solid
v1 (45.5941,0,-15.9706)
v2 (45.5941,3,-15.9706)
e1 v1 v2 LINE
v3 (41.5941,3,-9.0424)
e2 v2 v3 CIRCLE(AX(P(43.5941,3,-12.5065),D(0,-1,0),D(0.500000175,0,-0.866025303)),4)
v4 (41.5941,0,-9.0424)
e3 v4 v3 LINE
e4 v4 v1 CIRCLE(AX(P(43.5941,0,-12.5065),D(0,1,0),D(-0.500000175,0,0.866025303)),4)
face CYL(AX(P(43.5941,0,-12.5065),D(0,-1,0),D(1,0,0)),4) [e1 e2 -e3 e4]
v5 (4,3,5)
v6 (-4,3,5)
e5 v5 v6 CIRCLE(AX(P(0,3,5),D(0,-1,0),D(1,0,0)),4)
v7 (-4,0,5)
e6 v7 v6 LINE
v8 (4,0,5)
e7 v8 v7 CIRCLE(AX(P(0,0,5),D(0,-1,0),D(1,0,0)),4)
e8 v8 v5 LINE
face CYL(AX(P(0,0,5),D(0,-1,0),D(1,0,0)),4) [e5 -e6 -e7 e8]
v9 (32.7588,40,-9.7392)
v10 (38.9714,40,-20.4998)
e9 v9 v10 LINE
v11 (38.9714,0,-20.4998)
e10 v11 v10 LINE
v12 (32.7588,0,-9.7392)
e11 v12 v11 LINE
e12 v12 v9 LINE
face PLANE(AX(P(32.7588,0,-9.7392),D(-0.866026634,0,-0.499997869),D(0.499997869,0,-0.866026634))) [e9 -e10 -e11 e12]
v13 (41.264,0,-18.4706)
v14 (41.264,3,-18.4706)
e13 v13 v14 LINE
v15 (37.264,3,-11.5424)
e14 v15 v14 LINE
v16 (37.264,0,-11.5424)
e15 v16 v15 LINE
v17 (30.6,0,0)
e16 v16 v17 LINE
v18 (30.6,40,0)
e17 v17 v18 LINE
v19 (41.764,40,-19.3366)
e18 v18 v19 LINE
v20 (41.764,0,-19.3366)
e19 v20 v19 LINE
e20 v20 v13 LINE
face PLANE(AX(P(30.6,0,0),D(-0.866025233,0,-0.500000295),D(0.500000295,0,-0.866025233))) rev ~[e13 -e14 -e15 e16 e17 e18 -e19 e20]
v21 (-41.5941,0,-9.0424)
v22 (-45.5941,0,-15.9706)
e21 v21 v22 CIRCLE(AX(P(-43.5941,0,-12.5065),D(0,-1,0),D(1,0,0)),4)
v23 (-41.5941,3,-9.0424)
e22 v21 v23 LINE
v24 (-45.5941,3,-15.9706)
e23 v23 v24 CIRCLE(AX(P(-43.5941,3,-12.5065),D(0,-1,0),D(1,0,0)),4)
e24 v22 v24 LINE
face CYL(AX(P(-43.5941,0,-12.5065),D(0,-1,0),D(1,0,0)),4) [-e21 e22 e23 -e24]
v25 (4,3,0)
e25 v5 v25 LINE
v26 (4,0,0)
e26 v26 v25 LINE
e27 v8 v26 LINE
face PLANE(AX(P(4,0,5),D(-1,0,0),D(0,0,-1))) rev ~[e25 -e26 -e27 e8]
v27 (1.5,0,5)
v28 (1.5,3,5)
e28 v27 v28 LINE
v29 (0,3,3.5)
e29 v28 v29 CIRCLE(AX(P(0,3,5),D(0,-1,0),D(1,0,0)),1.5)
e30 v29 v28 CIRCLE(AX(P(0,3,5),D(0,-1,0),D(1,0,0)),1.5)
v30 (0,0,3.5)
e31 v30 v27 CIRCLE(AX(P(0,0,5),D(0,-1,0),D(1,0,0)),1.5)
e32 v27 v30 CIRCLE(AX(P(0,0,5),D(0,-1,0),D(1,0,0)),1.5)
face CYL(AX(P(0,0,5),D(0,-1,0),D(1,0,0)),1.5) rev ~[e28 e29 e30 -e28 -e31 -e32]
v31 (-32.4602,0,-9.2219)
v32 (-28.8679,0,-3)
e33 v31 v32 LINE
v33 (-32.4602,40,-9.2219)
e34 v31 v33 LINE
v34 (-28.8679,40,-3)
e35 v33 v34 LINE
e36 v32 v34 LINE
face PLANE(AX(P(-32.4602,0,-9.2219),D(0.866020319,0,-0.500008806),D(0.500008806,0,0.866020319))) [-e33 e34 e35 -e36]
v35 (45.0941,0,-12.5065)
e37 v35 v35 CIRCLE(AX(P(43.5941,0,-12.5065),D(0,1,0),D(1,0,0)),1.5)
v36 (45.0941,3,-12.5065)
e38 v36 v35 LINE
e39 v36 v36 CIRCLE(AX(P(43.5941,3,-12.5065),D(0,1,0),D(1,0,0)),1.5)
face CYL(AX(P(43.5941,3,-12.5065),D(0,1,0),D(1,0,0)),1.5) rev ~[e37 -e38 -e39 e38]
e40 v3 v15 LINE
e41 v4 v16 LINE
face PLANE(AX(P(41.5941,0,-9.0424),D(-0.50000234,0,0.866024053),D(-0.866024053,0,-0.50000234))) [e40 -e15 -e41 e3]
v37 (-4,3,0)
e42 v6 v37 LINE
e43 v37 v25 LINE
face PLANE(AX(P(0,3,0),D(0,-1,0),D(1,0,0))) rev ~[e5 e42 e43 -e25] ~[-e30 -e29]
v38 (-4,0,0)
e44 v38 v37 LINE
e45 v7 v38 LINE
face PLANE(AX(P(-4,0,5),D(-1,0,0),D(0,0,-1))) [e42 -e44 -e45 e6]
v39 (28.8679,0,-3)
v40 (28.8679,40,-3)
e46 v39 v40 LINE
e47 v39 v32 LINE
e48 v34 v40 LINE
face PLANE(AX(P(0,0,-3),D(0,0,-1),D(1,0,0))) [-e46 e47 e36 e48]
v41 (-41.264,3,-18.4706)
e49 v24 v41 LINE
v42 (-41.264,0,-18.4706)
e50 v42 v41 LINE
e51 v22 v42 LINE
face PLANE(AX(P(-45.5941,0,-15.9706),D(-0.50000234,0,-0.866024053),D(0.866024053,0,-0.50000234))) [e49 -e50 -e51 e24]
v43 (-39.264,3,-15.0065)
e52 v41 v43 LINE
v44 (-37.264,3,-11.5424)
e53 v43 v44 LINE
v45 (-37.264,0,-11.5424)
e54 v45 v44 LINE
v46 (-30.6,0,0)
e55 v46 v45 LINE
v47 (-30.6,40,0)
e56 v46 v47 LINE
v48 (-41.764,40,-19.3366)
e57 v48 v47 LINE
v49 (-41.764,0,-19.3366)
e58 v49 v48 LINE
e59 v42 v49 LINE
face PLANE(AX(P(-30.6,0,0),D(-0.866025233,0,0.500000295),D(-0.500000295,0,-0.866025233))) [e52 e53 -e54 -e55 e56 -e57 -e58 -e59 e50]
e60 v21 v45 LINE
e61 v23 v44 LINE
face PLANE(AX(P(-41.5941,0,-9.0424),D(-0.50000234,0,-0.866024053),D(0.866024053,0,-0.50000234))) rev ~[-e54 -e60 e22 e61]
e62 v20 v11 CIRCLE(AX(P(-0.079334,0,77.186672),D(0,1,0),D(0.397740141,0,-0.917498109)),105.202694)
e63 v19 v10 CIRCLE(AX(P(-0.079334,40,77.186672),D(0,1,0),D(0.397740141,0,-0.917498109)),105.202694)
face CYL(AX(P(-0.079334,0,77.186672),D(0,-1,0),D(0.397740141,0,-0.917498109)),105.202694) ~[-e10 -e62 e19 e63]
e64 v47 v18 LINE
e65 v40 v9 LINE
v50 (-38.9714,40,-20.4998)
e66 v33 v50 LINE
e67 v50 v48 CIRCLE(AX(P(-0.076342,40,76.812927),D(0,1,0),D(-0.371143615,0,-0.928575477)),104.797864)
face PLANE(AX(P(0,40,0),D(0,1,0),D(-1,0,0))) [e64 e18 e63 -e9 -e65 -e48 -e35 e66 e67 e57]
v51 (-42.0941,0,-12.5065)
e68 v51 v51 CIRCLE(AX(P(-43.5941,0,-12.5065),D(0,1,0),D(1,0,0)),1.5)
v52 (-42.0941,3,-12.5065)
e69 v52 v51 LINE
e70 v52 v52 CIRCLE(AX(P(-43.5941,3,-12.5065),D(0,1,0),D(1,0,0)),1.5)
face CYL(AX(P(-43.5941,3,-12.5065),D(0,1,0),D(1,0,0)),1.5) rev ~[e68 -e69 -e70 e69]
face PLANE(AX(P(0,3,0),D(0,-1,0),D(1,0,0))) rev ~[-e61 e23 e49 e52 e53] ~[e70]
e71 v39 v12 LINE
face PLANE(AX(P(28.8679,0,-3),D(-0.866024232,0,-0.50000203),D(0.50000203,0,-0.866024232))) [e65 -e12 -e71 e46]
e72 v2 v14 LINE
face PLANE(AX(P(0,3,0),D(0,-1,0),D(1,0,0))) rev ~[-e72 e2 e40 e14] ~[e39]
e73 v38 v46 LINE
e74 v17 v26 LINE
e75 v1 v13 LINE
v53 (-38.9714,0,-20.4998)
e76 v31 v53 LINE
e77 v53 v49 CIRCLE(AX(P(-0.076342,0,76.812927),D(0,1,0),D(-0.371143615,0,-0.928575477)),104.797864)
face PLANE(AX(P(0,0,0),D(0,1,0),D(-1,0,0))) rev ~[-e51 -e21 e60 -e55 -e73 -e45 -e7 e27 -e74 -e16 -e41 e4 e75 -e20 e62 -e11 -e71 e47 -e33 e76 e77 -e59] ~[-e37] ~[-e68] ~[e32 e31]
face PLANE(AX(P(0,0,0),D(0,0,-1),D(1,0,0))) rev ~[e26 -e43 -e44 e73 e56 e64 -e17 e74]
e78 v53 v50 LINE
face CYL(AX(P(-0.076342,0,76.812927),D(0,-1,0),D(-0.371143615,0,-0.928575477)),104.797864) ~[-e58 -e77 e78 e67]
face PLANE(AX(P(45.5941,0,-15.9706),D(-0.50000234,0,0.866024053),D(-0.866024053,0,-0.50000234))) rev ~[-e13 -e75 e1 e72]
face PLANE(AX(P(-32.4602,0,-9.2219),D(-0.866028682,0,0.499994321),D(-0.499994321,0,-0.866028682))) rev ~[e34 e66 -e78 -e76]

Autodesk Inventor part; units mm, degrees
ref_plane "YZ Plane" through (0, 0, 0) normal (1, 0, 0) x (0, 1, 0)
ref_plane "XZ Plane" through (0, 0, 0) normal (0, 1, 0) x (-1, 0, 0)
ref_plane "XY Plane" through (0, 0, 0) normal (0, 0, 1) x (1, 0, 0)
sketch "Sketch1" plane through (0, 0, 0) normal (0, 1, 0) x (-1, 0, 0)
  line L0 (0, 0) -> (-30.6, 0)
  line L1 (0, 0) -> (30.6, 0)
  line L2 (30.6, 0) -> (41.764, -19.3366)
  line L3 (30.6, 0) -> (52.928, 0) construction
  line L4 (-30.6, 0) -> (-41.764, -19.3366)
  line L5 (-30.6, 0) -> (-8.272, 0) construction
  line L6 (0, 0) -> (0, 77)
  line L7 (0, 0) -> (0, -3)
  line L8 (-35.3569, -8.2392) -> (-32.7588, -9.7392)
  line L9 (35.0582, -7.7219) -> (32.4602, -9.2219)
  line L10 (32.4602, -9.2219) -> (28.8679, -3)
  line L11 (28.8679, -3) -> (0, -3)
  line L12 (0, -3) -> (-28.8679, -3)
  line L13 (-28.8679, -3) -> (-32.7588, -9.7392)
  line L14 (-32.7588, -9.7392) -> (-38.9714, -20.4998)
  line L15 (32.4602, -9.2219) -> (38.9714, -20.4998)
  arc A0 (38.9714, -20.4998) -> (41.764, -19.3366) centre (0, 77) ccw
  arc A1 (-41.764, -19.3366) -> (-38.9714, -20.4998) centre (0, 77) ccw
  dimension "d0" = 30.6
  dimension "d1" = 30.6
  dimension "d2" = 22.328
  dimension "d3" = 60
  dimension "d4" = 22.328
  dimension "d5" = 120
  dimension "d6" = 77
  dimension "d7" = 3
  dimension "d8" = 3
  dimension "d9" = 3
extrude "Extrusion1" add sketch "Sketch1" along normal blind 40
sketch "Sketch2" plane through (0, 0, 0) normal (0, -1, 0) x (1, 0, 0)
  line L0 (0, 0) -> (0, 5)
  circle A0 centre (0, 5) radius 1.5
  line L1 (-41.764, -19.3366) -> (-39.264, -15.0065)
  line L2 (-41.764, -19.3366) -> (-30.6, 0) projected
  line L3 (-39.264, -15.0065) -> (-43.5941, -12.5065)
  arc A1 (38.9714, -20.4998) -> (41.764, -19.3366) centre (0, 77) ccw projected
  line L4 (38.9714, -20.4998) -> (39.264, -15.0065)
  line L5 (30.6, 0) -> (41.764, -19.3366) projected
  line L6 (41.764, -19.3366) -> (39.264, -15.0065)
  line L7 (39.264, -15.0065) -> (43.5941, -12.5065)
  circle A2 centre (43.5941, -12.5065) radius 1.5
  circle A3 centre (-43.5941, -12.5065) radius 1.5
  circle A4 centre (-43.5941, -12.5065) radius 4
  circle A5 centre (0, 5) radius 4
  circle A6 centre (43.5941, -12.5065) radius 4
  line L8 (43.5941, -12.5065) -> (45.5941, -15.9706)
  line L9 (45.5941, -15.9706) -> (41.264, -18.4706)
  line L10 (43.5941, -12.5065) -> (41.5941, -9.0424)
  line L11 (41.5941, -9.0424) -> (37.264, -11.5424)
  line L12 (4, 5) -> (4, 0)
  line L13 (-30.6, 0) -> (30.6, 0) projected
  line L14 (-4, 5) -> (-4, 0)
  line L15 (-43.5941, -12.5065) -> (-45.5941, -15.9706)
  line L16 (-45.5941, -15.9706) -> (-41.264, -18.4706)
  line L17 (-41.764, -19.3366) -> (-30.6, 0) projected
  line L18 (-43.5941, -12.5065) -> (-41.5941, -9.0424)
  line L19 (-41.5941, -9.0424) -> (-37.264, -11.5424)
  dimension "d12" = 5
  dimension "d13" = 3
  dimension "d14" = 5
  dimension "d15" = 5
  dimension "d16" = 5.5011
  dimension "d17" = 5
  dimension "d18" = 3
  dimension "d19" = 8
  dimension "d20" = 8
  dimension "d21" = 8
extrude "Extrusion2" add sketch "Sketch2" against normal blind 3 contours L13 L14 A5 L0 | L2 L3 A4 L19 | L11 A6 L7 L5 | L0 A5 L12 L13 | A5 | L1 L16 A4 L3 | L18 A3 L15 A4 | A4 L3 A3 L18 | L7 A6 L9 L5 | L10 A2 L7 A6 | A6 L8 A2 L10 | A4 L15 A3 L3 | L18 L15 A3 | A3 L3 L18 | L7 A2 L8 A6 | L10 L7 A2 | A2 L8 L10 | A3 L15 L3 | L7 L8 A2
sketch "Sketch3" plane through (0, 3, 0) normal (0, 1, 0) x (1, 0, 0)
  arc A0 (41.5941, 9.0424) -> (45.5941, 15.9706) centre (43.5941, 12.5065) ccw projected
  circle A1 centre (43.5941, 12.5065) radius 1.5
  arc A2 (-45.5941, 15.9706) -> (-41.5941, 9.0424) centre (-43.5941, 12.5065) ccw projected
  circle A3 centre (-43.5941, 12.5065) radius 1.5
  point P0 (0, 0)
  dimension "d24" = 3
extrude "Extrusion3" cut sketch "Sketch3" against normal blind 3
properties part number "Capcture Zone"
